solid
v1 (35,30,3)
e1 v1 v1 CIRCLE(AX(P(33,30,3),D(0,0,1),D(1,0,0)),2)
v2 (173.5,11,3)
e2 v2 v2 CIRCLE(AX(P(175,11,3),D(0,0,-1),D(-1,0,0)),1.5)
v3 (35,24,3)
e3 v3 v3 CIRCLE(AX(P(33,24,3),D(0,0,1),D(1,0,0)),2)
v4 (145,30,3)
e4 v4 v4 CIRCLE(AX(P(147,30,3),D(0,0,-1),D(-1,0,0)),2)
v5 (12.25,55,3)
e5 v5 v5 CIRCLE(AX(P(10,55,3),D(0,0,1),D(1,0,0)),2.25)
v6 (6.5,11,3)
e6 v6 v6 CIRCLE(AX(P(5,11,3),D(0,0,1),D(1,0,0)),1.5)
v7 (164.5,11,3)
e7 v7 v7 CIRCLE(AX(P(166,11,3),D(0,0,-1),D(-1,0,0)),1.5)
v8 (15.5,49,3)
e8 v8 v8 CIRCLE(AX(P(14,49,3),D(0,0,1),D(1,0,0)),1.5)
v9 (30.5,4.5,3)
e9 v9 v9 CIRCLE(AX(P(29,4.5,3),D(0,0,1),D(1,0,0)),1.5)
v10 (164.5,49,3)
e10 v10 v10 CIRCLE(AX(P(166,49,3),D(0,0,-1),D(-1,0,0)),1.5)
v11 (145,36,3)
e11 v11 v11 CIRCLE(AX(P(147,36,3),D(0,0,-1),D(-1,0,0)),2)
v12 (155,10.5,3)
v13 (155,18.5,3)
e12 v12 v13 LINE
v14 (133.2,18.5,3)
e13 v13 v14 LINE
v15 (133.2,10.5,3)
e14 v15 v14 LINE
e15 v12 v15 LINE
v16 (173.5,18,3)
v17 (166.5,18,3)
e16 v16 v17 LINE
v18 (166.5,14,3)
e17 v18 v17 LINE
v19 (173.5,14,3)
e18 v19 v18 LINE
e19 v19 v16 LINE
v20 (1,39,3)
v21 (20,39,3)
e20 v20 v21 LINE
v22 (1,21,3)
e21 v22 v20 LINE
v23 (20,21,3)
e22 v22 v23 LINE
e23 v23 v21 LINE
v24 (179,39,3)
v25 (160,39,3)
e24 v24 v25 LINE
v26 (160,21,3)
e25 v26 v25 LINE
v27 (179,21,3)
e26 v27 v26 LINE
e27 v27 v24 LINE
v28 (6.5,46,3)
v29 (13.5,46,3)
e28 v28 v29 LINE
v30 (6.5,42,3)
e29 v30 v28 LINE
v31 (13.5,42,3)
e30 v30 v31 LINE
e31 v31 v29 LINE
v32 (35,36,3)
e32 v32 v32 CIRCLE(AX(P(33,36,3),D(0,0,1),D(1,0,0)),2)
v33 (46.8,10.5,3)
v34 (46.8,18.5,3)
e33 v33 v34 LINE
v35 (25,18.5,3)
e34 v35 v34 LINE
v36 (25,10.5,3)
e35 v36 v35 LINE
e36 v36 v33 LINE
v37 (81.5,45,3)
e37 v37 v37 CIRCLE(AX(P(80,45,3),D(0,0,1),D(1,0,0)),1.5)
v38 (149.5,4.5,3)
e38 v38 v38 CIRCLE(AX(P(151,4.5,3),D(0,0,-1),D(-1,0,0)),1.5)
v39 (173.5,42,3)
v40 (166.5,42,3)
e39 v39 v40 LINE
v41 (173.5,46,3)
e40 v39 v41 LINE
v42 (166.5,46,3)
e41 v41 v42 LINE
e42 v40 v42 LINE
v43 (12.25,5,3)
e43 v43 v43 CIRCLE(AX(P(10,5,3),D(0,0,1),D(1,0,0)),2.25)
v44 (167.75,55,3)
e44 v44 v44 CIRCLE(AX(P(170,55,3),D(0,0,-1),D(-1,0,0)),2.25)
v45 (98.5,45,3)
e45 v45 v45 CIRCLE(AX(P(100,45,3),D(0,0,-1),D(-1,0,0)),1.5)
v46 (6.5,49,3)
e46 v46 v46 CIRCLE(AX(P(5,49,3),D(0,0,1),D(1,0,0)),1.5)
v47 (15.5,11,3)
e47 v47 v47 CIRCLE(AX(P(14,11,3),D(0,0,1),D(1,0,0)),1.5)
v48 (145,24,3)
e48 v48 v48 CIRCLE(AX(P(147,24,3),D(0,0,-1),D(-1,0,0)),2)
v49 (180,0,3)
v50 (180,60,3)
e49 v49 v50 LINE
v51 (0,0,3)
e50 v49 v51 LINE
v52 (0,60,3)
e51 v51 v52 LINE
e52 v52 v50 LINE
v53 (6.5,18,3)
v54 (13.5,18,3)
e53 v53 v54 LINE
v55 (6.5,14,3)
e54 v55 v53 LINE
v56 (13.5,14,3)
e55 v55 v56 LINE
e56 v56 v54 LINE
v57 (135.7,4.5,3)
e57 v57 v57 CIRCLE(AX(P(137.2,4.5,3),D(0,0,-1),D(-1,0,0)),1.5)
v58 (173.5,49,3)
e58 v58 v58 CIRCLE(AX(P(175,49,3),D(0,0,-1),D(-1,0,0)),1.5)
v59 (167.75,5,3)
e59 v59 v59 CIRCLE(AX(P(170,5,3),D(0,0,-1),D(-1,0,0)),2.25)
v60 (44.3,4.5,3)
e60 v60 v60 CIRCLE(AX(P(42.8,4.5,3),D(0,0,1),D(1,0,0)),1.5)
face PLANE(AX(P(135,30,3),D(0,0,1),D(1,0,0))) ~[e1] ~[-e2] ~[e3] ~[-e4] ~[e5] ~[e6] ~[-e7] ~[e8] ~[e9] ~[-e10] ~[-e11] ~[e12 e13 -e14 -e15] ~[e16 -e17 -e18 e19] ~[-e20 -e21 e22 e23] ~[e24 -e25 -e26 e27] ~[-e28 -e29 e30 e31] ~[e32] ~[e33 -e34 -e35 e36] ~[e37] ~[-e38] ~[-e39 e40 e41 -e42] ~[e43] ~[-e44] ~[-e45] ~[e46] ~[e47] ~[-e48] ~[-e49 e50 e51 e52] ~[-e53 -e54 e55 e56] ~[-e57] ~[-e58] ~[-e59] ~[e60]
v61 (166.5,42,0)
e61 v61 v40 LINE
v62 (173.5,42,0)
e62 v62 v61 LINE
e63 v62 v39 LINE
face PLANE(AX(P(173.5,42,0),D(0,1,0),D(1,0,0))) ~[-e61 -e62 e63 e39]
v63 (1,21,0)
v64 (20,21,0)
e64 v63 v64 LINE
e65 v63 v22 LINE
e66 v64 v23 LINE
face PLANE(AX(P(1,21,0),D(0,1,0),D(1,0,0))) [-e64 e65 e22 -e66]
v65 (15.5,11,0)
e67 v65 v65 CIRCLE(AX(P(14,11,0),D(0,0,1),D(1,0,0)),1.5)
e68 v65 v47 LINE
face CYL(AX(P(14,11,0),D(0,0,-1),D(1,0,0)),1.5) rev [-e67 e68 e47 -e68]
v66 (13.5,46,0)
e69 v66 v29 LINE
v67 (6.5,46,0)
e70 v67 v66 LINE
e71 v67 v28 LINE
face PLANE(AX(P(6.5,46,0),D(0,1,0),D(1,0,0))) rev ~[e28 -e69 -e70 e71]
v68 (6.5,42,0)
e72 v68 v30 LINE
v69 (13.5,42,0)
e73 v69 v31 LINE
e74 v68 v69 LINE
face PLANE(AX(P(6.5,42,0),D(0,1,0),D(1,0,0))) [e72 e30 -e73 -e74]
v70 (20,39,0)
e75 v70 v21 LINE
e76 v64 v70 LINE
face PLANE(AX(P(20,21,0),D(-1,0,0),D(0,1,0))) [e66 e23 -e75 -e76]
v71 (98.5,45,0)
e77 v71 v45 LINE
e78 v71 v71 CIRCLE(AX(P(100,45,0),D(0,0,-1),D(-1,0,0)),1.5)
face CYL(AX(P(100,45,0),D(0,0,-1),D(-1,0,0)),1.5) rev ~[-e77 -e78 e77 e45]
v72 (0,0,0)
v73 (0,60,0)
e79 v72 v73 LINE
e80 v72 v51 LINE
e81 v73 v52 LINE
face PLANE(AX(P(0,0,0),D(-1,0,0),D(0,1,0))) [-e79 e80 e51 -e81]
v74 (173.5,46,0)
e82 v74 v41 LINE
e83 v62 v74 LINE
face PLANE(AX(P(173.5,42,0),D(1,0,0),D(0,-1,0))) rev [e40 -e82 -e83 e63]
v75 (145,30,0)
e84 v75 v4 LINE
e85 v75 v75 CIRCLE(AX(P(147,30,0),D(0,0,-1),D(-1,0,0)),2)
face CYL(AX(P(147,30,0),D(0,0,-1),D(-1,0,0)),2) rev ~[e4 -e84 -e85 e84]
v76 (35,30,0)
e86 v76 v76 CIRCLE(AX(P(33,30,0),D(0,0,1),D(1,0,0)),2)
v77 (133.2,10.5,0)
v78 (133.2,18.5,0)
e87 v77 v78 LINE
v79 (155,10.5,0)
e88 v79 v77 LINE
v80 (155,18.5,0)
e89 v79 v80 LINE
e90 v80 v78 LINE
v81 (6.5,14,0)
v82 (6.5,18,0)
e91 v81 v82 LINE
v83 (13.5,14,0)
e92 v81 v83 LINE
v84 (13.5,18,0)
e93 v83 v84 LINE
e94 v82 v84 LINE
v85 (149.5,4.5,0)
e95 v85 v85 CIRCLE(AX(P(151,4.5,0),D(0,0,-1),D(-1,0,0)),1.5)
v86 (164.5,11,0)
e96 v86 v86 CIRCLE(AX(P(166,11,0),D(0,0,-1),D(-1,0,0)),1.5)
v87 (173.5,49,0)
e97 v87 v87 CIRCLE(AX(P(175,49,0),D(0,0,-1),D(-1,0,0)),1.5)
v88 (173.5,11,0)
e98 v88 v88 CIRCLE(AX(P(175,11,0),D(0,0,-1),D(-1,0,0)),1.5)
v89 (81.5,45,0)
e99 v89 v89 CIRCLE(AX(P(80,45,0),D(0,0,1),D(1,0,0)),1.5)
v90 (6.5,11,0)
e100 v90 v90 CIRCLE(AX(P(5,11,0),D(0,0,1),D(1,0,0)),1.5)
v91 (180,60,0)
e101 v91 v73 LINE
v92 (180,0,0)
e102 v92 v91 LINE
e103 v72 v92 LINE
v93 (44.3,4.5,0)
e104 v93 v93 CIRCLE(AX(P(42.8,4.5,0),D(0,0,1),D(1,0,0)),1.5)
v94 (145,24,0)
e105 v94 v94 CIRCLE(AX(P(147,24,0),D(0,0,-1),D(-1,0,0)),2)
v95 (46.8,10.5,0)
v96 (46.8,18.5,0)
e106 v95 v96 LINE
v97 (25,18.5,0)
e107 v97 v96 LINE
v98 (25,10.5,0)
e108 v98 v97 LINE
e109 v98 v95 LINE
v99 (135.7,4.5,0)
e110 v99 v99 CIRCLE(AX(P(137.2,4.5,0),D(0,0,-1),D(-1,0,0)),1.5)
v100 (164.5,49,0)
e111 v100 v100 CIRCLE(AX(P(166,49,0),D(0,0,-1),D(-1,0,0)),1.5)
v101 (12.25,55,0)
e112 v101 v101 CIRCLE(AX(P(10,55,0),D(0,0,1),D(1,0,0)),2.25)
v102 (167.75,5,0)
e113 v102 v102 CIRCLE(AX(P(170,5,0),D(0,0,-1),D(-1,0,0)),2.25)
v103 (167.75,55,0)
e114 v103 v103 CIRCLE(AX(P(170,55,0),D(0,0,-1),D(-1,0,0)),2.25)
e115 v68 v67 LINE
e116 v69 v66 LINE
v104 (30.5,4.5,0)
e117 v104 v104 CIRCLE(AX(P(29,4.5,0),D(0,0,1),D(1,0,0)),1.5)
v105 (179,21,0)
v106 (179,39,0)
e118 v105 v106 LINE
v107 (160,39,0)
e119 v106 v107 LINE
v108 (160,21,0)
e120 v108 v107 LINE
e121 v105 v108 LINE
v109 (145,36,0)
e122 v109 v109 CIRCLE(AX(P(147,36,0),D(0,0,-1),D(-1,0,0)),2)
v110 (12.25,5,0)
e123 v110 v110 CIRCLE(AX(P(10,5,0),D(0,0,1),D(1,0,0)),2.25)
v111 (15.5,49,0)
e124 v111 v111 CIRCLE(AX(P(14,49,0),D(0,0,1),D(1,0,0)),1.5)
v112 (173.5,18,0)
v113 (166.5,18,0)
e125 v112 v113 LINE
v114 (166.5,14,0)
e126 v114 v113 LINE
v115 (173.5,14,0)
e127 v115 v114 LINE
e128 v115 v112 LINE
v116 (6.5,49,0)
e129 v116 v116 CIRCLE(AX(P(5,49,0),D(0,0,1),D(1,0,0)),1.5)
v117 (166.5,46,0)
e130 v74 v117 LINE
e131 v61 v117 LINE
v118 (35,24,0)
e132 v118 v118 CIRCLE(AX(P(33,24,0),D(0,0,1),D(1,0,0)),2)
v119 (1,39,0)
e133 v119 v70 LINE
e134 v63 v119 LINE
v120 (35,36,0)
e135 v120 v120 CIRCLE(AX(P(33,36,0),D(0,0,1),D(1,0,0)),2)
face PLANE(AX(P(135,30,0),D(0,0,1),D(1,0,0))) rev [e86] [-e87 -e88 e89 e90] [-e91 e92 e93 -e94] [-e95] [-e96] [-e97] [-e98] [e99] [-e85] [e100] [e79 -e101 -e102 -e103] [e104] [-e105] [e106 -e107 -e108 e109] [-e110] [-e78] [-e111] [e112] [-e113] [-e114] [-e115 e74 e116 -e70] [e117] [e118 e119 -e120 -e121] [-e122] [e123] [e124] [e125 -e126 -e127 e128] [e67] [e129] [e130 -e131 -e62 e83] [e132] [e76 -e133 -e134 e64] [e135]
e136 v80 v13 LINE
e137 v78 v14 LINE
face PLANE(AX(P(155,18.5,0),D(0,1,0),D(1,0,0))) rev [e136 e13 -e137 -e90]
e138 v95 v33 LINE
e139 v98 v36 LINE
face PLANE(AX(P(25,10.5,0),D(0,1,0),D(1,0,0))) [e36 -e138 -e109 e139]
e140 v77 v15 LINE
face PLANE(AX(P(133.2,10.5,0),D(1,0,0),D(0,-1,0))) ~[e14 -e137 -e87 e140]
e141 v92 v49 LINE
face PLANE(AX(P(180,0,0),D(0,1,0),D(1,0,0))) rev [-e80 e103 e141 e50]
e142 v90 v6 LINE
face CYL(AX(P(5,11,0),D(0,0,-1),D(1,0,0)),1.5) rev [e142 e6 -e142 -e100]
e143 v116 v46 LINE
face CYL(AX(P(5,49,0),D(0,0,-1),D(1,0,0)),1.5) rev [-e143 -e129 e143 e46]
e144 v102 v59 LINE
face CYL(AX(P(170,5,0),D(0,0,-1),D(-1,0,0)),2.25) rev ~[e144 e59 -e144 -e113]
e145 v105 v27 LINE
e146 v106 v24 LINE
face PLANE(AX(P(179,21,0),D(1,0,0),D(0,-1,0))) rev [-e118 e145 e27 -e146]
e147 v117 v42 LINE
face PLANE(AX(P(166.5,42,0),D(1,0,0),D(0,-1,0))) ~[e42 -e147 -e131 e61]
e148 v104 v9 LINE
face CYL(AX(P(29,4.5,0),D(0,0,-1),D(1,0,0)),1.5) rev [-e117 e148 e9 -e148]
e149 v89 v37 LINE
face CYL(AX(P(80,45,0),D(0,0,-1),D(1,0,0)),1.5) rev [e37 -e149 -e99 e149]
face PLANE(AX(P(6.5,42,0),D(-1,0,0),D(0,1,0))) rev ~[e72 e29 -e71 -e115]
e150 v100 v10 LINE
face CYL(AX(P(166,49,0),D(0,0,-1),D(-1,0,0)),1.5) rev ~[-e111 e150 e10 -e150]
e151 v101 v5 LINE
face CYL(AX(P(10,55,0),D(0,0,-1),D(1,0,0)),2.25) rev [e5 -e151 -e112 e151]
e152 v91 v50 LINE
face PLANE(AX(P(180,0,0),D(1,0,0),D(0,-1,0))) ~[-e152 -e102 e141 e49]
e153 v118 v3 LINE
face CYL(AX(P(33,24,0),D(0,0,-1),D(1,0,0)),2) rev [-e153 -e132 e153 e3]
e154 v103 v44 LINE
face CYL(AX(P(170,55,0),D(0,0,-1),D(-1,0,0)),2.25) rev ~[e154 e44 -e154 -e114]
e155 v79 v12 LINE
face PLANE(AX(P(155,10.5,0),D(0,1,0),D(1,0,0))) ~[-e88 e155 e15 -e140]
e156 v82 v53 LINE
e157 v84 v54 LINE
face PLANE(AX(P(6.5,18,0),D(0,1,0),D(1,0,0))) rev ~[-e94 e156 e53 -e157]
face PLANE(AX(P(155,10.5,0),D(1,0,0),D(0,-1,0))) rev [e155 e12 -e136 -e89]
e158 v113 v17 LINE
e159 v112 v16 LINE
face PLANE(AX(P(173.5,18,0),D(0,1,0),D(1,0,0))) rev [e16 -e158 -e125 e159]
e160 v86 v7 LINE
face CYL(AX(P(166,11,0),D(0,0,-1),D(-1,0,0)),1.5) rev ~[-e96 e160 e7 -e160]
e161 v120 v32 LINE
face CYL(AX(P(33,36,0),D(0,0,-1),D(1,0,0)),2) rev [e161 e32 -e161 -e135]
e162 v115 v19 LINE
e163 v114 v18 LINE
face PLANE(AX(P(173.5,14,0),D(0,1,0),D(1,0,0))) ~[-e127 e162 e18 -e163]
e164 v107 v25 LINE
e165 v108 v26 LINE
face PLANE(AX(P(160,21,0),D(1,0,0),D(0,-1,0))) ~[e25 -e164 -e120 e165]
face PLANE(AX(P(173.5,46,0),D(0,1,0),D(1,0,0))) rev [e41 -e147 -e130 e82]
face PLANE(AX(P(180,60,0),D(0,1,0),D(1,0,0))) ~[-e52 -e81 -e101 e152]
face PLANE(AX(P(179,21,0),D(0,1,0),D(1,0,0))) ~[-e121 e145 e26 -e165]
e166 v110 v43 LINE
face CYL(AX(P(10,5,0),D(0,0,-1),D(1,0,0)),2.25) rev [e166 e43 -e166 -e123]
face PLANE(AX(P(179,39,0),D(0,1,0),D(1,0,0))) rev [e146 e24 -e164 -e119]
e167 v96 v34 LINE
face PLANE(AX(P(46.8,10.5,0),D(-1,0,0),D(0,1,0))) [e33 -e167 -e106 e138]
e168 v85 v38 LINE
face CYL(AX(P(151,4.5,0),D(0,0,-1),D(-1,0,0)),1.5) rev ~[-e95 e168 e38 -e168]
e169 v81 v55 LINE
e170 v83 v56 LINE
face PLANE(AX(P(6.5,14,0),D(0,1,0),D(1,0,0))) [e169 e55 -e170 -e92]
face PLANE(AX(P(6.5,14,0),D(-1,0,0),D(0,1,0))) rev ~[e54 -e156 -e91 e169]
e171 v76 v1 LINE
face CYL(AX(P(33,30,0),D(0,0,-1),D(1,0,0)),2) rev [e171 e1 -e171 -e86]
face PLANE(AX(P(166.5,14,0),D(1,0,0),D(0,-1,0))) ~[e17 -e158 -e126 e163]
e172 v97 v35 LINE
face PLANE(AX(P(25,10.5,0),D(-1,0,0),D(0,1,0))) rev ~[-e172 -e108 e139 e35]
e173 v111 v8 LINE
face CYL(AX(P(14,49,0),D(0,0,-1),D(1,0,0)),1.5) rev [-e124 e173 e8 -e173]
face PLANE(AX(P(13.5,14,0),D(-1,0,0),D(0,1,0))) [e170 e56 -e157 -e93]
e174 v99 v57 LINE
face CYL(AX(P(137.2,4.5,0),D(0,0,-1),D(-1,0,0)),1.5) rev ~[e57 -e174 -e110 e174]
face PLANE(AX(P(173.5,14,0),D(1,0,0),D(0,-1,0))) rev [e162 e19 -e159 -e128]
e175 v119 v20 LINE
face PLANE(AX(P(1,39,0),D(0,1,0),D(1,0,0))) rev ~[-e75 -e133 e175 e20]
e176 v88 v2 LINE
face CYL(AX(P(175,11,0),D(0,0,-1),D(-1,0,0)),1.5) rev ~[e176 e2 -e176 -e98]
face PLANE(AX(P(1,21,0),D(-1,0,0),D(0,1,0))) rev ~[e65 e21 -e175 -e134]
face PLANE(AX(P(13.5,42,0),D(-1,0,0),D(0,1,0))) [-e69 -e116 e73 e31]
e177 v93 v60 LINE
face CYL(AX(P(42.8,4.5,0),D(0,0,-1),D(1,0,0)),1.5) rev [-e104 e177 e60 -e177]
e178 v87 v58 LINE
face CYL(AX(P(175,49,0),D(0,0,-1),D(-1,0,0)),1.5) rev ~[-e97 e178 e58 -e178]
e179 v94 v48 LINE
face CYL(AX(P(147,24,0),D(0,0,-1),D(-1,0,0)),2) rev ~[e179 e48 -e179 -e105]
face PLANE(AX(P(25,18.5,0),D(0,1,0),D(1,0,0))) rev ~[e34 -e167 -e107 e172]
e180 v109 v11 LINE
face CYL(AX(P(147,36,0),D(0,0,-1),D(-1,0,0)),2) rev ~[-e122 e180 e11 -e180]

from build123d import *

# Parameters (mm, degrees)
SKETCH_W   = 90
SKETCH_H   = 60
SKETCH_R   = 2.25
SKETCH_R_2 = 2
SKETCH_R_3 = 1.5
SKETCH_W_2 = 7
SKETCH_H_2 = 4
SKETCH_W_3 = 19
SKETCH_H_3 = 18
SKETCH_W_4 = 21.8
SKETCH_H_4 = 8
PAD_DEPTH  = 3


with BuildPart() as part:
    # Sketch → Pad (new body)
    with BuildSketch(Plane.XY):
        with Locations((45, 30)):
            Rectangle(SKETCH_W, SKETCH_H)
        with Locations((10, 5)):
            Circle(SKETCH_R, mode=Mode.SUBTRACT)
        with Locations((33, 24)):
            Circle(SKETCH_R_2, mode=Mode.SUBTRACT)
        with Locations((33, 36)):
            Circle(SKETCH_R_2, mode=Mode.SUBTRACT)
        with Locations((33, 30)):
            Circle(SKETCH_R_2, mode=Mode.SUBTRACT)
        with Locations((10, 55)):
            Circle(SKETCH_R, mode=Mode.SUBTRACT)
        with Locations((14, 11)):
            Circle(SKETCH_R_3, mode=Mode.SUBTRACT)
        with Locations((5, 11)):
            Circle(SKETCH_R_3, mode=Mode.SUBTRACT)
        with Locations((14, 49)):
            Circle(SKETCH_R_3, mode=Mode.SUBTRACT)
        with Locations((5, 49)):
            Circle(SKETCH_R_3, mode=Mode.SUBTRACT)
        with Locations((80, 45)):
            Circle(SKETCH_R_3, mode=Mode.SUBTRACT)
        with Locations((29, 4.5)):
            Circle(SKETCH_R_3, mode=Mode.SUBTRACT)
        with Locations((42.8, 4.5)):
            Circle(SKETCH_R_3, mode=Mode.SUBTRACT)
        with Locations((10, 16)):
            Rectangle(SKETCH_W_2, SKETCH_H_2, mode=Mode.SUBTRACT)
        with Locations((10, 44)):
            Rectangle(SKETCH_W_2, SKETCH_H_2, mode=Mode.SUBTRACT)
        with Locations((10.5, 30)):
            Rectangle(SKETCH_W_3, SKETCH_H_3, mode=Mode.SUBTRACT)
        with Locations((35.9, 14.5)):
            Rectangle(SKETCH_W_4, SKETCH_H_4, mode=Mode.SUBTRACT)
    pad = extrude(amount=PAD_DEPTH)

    # Mirrored: Pad across face of Pad
    add(pad.mirror(Plane(origin=(90, 30, 1.5), x_dir=(0, 1, 0), z_dir=(1, 0, 0))))


solid = part.part
